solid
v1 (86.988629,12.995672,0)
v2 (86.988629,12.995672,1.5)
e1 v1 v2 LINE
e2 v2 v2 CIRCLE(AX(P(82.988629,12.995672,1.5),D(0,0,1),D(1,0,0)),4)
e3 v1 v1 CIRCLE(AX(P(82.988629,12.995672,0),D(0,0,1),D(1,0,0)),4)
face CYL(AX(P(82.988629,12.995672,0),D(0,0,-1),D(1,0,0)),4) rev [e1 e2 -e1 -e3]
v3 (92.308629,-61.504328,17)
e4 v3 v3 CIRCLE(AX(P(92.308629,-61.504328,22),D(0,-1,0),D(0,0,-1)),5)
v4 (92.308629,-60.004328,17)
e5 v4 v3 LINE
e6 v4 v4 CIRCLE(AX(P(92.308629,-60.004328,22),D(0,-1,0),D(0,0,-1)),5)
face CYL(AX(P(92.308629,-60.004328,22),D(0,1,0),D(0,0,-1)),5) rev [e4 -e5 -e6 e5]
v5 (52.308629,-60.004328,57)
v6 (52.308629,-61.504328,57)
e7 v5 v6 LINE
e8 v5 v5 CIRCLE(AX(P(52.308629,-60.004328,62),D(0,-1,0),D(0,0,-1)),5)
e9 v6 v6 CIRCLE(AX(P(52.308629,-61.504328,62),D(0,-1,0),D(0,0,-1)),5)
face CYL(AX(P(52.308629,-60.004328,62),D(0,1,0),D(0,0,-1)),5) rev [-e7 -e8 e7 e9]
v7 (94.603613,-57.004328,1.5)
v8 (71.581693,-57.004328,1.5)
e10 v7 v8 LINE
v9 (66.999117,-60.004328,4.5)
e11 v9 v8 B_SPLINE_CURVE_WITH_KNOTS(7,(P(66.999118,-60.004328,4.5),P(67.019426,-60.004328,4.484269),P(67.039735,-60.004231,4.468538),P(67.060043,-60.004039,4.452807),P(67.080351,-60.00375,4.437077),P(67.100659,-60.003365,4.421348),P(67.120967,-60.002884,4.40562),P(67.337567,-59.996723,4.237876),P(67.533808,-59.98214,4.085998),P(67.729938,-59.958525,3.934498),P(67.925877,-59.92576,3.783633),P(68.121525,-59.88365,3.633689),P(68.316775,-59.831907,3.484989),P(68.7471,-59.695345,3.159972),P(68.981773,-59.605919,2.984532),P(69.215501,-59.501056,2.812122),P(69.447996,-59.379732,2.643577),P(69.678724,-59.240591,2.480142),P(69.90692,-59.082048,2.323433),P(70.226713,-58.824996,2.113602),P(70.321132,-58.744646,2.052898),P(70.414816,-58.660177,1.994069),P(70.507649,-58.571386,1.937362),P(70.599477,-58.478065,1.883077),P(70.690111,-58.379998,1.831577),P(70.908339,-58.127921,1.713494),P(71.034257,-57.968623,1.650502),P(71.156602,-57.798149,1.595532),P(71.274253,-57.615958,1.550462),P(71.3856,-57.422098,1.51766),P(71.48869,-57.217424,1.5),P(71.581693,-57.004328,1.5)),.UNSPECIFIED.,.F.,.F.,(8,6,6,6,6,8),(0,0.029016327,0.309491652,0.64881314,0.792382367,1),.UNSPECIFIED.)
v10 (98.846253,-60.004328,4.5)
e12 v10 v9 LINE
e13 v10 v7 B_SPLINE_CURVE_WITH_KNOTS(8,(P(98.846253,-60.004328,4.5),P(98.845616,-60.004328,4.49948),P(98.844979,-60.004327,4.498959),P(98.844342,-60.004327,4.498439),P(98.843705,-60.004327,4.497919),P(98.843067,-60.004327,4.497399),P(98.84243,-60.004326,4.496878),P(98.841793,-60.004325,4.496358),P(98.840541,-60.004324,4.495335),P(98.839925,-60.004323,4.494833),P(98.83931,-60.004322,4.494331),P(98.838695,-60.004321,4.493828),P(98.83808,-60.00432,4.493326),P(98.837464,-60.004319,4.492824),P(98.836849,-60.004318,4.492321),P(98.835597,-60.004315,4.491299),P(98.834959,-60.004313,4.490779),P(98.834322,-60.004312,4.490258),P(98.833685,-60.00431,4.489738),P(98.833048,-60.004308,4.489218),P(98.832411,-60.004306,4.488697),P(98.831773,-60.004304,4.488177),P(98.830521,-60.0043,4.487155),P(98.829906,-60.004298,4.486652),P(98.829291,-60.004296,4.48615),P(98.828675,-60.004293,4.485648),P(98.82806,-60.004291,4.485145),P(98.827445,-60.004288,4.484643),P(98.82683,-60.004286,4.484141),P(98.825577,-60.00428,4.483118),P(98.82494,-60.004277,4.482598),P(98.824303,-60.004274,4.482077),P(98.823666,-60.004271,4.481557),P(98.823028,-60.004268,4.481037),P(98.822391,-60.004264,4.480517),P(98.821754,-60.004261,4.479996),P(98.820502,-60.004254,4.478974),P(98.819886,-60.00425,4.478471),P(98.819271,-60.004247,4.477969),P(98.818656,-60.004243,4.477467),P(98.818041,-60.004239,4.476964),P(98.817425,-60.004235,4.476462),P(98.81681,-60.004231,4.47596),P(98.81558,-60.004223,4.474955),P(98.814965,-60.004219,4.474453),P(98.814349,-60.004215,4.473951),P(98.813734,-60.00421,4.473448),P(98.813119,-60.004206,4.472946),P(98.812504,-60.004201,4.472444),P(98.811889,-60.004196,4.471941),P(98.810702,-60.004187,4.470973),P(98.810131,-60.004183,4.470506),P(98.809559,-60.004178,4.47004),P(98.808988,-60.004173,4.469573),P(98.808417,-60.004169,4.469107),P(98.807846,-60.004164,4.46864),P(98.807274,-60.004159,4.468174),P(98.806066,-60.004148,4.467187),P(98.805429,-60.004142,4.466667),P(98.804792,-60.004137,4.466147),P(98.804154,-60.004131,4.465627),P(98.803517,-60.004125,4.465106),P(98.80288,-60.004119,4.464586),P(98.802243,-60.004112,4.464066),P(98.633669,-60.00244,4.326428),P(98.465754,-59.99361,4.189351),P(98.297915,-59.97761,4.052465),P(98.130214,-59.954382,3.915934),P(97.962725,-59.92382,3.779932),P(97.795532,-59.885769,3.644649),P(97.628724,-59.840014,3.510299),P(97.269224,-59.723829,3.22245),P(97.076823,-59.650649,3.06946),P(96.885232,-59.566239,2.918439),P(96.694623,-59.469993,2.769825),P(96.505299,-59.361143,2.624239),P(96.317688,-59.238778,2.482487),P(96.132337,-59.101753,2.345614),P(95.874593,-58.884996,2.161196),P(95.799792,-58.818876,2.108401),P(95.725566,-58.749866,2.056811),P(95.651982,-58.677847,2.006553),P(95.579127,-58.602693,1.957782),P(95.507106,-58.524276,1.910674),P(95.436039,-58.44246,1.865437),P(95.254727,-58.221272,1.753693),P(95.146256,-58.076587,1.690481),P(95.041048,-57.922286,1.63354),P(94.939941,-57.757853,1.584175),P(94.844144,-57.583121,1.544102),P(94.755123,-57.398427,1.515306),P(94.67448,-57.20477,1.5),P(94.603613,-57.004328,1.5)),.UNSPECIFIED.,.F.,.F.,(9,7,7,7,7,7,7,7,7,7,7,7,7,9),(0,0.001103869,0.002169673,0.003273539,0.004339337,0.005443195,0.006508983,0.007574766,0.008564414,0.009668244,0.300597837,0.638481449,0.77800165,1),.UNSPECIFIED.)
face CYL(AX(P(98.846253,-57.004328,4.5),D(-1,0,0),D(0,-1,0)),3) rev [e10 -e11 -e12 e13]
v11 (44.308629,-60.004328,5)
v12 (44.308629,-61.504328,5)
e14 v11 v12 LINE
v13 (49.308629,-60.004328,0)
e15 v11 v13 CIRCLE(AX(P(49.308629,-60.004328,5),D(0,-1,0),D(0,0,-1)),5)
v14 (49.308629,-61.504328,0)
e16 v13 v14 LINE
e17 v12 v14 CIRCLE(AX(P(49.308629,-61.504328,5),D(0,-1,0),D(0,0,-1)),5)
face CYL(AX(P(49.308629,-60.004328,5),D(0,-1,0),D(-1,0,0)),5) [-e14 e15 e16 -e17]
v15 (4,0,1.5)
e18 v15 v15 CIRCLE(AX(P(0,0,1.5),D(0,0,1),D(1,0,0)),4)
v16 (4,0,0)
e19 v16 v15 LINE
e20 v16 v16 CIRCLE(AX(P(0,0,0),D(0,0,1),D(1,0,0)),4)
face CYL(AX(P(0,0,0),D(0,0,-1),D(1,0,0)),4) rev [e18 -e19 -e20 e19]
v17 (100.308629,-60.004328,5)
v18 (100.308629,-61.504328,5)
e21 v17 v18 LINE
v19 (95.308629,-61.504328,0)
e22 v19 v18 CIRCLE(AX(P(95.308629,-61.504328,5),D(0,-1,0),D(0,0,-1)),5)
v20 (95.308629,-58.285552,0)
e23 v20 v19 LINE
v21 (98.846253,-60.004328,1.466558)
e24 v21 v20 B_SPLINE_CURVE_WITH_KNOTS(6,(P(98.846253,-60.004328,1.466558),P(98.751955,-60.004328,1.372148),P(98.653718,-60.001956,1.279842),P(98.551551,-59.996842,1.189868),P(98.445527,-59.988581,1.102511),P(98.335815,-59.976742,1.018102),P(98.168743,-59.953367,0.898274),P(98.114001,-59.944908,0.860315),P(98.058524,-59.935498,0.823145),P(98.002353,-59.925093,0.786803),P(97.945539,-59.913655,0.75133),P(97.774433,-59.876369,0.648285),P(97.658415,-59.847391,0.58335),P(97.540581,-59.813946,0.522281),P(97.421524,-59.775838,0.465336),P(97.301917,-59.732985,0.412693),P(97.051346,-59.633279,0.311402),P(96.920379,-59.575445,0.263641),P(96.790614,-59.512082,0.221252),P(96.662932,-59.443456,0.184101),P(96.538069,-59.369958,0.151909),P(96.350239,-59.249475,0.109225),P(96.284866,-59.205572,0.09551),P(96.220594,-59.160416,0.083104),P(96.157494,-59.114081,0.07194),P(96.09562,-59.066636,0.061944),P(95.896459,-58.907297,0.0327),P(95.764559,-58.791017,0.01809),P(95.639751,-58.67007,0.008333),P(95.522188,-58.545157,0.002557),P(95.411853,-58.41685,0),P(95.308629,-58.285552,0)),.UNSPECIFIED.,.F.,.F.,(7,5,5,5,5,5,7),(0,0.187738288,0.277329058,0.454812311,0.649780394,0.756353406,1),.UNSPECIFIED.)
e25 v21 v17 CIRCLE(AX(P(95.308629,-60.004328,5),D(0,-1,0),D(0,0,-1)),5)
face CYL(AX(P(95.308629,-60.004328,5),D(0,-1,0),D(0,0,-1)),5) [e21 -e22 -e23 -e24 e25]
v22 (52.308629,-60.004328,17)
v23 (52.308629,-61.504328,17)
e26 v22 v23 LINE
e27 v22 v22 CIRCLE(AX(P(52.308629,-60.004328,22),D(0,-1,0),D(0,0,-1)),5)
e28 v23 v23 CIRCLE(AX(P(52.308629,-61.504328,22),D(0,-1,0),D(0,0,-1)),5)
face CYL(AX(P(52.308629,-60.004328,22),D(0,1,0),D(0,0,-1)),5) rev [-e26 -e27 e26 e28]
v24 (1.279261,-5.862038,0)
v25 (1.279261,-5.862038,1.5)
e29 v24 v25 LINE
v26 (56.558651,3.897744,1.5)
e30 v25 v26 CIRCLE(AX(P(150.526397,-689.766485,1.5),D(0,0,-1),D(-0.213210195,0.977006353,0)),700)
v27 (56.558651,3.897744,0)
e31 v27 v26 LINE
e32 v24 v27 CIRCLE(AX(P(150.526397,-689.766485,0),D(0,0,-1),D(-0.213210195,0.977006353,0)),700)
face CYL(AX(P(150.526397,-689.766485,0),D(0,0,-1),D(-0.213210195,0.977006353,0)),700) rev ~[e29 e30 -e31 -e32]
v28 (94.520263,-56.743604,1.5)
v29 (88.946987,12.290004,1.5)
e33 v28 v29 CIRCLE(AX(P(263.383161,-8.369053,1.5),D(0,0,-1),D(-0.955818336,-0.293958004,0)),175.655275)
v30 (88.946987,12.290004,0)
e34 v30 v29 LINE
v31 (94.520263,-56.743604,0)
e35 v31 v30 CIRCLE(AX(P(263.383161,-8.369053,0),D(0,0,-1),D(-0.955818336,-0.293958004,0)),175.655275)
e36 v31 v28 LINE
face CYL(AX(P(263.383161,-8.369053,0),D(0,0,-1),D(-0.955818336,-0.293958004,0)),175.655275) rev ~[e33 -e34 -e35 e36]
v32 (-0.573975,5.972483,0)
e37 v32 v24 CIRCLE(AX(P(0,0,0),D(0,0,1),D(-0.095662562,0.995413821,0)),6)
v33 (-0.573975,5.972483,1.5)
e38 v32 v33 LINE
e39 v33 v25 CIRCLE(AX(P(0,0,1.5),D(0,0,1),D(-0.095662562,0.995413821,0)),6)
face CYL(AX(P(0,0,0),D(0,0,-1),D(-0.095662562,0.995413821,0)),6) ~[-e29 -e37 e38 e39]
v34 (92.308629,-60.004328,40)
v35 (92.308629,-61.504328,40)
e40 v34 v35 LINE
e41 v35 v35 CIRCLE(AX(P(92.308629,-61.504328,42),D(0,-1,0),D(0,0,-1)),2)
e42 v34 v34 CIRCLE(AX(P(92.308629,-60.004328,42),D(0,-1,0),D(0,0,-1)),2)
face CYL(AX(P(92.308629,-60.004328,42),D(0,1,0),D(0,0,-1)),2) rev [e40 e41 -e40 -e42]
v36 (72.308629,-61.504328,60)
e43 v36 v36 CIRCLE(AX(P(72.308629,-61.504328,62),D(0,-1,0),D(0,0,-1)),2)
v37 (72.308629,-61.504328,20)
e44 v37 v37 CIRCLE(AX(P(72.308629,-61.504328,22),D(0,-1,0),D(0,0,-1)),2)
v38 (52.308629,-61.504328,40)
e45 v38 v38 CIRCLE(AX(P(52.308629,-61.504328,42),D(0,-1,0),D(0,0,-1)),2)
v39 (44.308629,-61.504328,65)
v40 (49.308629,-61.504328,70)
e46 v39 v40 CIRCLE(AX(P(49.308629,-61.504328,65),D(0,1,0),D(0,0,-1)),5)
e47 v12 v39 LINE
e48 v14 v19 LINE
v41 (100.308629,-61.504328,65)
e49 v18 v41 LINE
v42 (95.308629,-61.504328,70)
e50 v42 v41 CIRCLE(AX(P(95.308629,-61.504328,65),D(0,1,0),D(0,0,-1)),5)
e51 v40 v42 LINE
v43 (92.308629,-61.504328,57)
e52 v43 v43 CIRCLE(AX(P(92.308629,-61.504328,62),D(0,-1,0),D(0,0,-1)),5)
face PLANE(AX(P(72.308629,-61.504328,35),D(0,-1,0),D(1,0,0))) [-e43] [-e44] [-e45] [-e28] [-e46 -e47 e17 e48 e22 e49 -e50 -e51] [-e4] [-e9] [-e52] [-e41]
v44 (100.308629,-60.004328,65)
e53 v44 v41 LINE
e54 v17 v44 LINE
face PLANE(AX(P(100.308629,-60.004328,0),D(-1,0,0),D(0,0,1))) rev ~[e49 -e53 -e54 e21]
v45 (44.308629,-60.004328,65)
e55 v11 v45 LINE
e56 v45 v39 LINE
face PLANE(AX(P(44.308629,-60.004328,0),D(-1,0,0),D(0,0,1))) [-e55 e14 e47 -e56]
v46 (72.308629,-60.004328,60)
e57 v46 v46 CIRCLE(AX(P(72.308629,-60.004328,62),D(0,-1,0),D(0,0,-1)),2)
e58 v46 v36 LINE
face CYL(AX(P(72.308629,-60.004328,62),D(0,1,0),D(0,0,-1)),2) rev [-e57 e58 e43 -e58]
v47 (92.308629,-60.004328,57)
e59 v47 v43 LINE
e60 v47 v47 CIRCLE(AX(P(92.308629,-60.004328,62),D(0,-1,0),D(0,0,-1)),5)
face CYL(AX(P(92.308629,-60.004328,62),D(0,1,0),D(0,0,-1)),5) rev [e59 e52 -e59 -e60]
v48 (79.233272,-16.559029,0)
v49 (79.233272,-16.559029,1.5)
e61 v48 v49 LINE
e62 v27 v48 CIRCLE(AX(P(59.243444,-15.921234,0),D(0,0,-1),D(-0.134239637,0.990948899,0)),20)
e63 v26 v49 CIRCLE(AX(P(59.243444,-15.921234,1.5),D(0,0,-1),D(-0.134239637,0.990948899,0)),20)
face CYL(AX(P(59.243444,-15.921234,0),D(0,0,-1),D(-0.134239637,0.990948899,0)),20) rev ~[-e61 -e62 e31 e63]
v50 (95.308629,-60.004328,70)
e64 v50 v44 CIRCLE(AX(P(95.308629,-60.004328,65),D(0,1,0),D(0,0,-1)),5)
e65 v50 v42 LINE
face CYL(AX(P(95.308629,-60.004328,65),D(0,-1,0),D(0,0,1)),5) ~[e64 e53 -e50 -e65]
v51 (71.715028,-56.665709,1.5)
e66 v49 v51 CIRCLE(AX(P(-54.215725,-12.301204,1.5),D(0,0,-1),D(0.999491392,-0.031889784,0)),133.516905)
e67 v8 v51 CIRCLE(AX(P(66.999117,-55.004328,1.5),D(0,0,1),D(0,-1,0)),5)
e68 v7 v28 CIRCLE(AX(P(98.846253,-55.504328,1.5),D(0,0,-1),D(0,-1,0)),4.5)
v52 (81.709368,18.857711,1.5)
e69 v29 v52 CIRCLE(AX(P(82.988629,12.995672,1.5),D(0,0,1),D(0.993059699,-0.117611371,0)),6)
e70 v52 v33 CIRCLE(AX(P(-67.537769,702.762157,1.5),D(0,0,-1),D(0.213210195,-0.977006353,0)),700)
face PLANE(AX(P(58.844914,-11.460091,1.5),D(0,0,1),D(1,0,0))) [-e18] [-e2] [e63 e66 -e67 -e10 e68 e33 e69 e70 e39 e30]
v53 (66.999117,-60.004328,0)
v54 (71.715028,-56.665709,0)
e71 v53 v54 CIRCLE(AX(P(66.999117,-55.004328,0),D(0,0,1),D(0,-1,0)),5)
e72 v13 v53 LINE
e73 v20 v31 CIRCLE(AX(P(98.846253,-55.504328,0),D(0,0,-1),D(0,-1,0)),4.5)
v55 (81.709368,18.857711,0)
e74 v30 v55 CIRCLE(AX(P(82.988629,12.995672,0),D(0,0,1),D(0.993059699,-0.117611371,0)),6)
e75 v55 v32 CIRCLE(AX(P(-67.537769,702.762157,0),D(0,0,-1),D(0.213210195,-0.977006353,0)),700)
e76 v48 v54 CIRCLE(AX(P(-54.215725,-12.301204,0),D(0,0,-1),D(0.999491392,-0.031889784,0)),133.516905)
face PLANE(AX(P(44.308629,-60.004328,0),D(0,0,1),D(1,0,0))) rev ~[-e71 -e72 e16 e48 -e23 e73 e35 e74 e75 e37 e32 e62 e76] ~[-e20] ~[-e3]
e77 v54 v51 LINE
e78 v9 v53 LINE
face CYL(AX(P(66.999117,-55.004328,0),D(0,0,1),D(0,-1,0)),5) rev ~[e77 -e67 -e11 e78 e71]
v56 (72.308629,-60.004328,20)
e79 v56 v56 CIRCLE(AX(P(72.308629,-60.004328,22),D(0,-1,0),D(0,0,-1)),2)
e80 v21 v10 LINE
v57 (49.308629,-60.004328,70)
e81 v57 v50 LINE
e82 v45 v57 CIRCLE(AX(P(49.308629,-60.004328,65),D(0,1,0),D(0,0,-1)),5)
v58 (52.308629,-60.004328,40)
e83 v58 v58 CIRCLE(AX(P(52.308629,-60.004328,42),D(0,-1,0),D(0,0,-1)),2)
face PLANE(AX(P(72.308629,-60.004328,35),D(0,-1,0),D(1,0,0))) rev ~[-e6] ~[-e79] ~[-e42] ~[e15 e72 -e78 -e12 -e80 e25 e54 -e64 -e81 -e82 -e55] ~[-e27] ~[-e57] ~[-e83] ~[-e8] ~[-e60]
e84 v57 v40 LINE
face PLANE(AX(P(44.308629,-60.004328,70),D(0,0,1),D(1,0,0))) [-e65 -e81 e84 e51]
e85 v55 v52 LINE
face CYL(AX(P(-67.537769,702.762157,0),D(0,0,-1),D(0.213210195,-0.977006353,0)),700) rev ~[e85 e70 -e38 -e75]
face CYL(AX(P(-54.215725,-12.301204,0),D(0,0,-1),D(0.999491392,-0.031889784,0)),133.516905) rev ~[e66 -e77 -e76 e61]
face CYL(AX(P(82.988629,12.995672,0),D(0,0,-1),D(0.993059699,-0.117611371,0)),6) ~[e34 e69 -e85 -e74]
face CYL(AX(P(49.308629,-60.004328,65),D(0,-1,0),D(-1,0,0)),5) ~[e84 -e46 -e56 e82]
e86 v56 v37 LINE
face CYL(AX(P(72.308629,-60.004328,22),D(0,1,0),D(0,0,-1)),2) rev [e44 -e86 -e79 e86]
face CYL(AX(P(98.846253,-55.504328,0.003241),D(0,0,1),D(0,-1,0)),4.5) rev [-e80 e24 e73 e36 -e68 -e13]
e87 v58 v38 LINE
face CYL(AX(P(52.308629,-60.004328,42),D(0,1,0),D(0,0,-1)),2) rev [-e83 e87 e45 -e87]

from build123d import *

# Parameters (mm, degrees)
SKETCH1_R           = 4
BOSS_EXTRUDE2_DEPTH = 1.5
SKETCH2_W           = 56
SKETCH2_H           = 70
SKETCH2_R           = 2
SKETCH2_R_2         = 5
BOSS_EXTRUDE3_DEPTH = 1.5
FILLET1_R           = 5
FILLET3_R           = 5
FILLET4_R           = 4.5
FILLET5_R           = 3


with BuildPart() as part:
    # Sketch1 → Boss-Extrude2 (new body)
    with BuildSketch(Plane.XY):
        with BuildLine():
            Line((70.488628725, -60.004327551), (95.488628725, -60.004327551))
            ThreePointArc((95.488628725, -60.004327551), (88.442611877, -24.198764926), (88.946986918, 12.290004224))
            ThreePointArc((88.946986918, 12.290004224), (87.020647932, 17.438961897), (81.709367557, 18.857710564))
            ThreePointArc((81.709367557, 18.857710564), (40.759501769, 11.190251314), (-0.573975371, 5.972482924))
            ThreePointArc((-0.573975371, 5.972482924), (-5.927759195, -0.928262318), (1.279261167, -5.862038115))
            ThreePointArc((1.279261167, -5.862038115), (28.82108484, -0.427804063), (56.558651128, 3.897744149))
            ThreePointArc((56.558651128, 3.897744149), (72.640680785, -1.071518566), (79.233271708, -16.559029494))
            ThreePointArc((79.233271708, -16.559029494), (76.676068341, -38.647024387), (70.488628725, -60.004327551))
        make_face()
        Circle(SKETCH1_R, mode=Mode.SUBTRACT)
        with Locations((82.988628725, 12.995672449)):
            Circle(SKETCH1_R, mode=Mode.SUBTRACT)
    extrude(amount=BOSS_EXTRUDE2_DEPTH)

    # Sketch2 → Boss-Extrude3 (add)
    with BuildSketch(Plane.XZ.offset(60.004327551)):
        with Locations((72.308628725, 35)):
            Rectangle(SKETCH2_W, SKETCH2_H)
        with Locations(Location((92.308628725, 42, 0), (0, 0, 270))):
            Circle(SKETCH2_R, mode=Mode.SUBTRACT)
        with Locations(Location((72.308628725, 22, 0), (0, 0, 270))):
            Circle(SKETCH2_R, mode=Mode.SUBTRACT)
        with Locations(Location((52.308628725, 42, 0), (0, 0, 270))):
            Circle(SKETCH2_R, mode=Mode.SUBTRACT)
        with Locations(Location((72.308628725, 62, 0), (0, 0, 270))):
            Circle(SKETCH2_R, mode=Mode.SUBTRACT)
        with Locations(Location((52.308628725, 22, 0), (0, 0, 270))):
            Circle(SKETCH2_R_2, mode=Mode.SUBTRACT)
        with Locations(Location((92.308628725, 22, 0), (0, 0, 270))):
            Circle(SKETCH2_R_2, mode=Mode.SUBTRACT)
        with Locations(Location((92.308628725, 62, 0), (0, 0, 270))):
            Circle(SKETCH2_R_2, mode=Mode.SUBTRACT)
        with Locations(Location((52.308628725, 62, 0), (0, 0, 270))):
            Circle(SKETCH2_R_2, mode=Mode.SUBTRACT)
    extrude(amount=BOSS_EXTRUDE3_DEPTH)

    # Fillet1
    fillet1_edges = [part.edges().sort_by_distance(p)[0] for p in [
        (100.308628725, -60.754327551, 0),
        (100.308628725, -60.754327551, 70),
        (44.308628725, -60.754327551, 70),
        (44.308628725, -60.754327551, 0),
    ]]
    fillet(fillet1_edges, radius=FILLET1_R)

    # Fillet3
    fillet3_edges = [part.edges().sort_by_distance(p)[0] for p in [
        (70.488628725, -60.004327551, 0.75),
    ]]
    fillet(fillet3_edges, radius=FILLET3_R)

    # Fillet4
    fillet4_edges = [part.edges().sort_by_distance(p)[0] for p in [
        (95.488628725, -60.004327551, 0.751620525),
    ]]
    fillet(fillet4_edges, radius=FILLET4_R)

    # Fillet5
    fillet5_edges = [part.edges().sort_by_distance(p)[0] for p in [
        (82.922685412, -60.004327551, 1.5),
    ]]
    fillet(fillet5_edges, radius=FILLET5_R)


solid = part.part
